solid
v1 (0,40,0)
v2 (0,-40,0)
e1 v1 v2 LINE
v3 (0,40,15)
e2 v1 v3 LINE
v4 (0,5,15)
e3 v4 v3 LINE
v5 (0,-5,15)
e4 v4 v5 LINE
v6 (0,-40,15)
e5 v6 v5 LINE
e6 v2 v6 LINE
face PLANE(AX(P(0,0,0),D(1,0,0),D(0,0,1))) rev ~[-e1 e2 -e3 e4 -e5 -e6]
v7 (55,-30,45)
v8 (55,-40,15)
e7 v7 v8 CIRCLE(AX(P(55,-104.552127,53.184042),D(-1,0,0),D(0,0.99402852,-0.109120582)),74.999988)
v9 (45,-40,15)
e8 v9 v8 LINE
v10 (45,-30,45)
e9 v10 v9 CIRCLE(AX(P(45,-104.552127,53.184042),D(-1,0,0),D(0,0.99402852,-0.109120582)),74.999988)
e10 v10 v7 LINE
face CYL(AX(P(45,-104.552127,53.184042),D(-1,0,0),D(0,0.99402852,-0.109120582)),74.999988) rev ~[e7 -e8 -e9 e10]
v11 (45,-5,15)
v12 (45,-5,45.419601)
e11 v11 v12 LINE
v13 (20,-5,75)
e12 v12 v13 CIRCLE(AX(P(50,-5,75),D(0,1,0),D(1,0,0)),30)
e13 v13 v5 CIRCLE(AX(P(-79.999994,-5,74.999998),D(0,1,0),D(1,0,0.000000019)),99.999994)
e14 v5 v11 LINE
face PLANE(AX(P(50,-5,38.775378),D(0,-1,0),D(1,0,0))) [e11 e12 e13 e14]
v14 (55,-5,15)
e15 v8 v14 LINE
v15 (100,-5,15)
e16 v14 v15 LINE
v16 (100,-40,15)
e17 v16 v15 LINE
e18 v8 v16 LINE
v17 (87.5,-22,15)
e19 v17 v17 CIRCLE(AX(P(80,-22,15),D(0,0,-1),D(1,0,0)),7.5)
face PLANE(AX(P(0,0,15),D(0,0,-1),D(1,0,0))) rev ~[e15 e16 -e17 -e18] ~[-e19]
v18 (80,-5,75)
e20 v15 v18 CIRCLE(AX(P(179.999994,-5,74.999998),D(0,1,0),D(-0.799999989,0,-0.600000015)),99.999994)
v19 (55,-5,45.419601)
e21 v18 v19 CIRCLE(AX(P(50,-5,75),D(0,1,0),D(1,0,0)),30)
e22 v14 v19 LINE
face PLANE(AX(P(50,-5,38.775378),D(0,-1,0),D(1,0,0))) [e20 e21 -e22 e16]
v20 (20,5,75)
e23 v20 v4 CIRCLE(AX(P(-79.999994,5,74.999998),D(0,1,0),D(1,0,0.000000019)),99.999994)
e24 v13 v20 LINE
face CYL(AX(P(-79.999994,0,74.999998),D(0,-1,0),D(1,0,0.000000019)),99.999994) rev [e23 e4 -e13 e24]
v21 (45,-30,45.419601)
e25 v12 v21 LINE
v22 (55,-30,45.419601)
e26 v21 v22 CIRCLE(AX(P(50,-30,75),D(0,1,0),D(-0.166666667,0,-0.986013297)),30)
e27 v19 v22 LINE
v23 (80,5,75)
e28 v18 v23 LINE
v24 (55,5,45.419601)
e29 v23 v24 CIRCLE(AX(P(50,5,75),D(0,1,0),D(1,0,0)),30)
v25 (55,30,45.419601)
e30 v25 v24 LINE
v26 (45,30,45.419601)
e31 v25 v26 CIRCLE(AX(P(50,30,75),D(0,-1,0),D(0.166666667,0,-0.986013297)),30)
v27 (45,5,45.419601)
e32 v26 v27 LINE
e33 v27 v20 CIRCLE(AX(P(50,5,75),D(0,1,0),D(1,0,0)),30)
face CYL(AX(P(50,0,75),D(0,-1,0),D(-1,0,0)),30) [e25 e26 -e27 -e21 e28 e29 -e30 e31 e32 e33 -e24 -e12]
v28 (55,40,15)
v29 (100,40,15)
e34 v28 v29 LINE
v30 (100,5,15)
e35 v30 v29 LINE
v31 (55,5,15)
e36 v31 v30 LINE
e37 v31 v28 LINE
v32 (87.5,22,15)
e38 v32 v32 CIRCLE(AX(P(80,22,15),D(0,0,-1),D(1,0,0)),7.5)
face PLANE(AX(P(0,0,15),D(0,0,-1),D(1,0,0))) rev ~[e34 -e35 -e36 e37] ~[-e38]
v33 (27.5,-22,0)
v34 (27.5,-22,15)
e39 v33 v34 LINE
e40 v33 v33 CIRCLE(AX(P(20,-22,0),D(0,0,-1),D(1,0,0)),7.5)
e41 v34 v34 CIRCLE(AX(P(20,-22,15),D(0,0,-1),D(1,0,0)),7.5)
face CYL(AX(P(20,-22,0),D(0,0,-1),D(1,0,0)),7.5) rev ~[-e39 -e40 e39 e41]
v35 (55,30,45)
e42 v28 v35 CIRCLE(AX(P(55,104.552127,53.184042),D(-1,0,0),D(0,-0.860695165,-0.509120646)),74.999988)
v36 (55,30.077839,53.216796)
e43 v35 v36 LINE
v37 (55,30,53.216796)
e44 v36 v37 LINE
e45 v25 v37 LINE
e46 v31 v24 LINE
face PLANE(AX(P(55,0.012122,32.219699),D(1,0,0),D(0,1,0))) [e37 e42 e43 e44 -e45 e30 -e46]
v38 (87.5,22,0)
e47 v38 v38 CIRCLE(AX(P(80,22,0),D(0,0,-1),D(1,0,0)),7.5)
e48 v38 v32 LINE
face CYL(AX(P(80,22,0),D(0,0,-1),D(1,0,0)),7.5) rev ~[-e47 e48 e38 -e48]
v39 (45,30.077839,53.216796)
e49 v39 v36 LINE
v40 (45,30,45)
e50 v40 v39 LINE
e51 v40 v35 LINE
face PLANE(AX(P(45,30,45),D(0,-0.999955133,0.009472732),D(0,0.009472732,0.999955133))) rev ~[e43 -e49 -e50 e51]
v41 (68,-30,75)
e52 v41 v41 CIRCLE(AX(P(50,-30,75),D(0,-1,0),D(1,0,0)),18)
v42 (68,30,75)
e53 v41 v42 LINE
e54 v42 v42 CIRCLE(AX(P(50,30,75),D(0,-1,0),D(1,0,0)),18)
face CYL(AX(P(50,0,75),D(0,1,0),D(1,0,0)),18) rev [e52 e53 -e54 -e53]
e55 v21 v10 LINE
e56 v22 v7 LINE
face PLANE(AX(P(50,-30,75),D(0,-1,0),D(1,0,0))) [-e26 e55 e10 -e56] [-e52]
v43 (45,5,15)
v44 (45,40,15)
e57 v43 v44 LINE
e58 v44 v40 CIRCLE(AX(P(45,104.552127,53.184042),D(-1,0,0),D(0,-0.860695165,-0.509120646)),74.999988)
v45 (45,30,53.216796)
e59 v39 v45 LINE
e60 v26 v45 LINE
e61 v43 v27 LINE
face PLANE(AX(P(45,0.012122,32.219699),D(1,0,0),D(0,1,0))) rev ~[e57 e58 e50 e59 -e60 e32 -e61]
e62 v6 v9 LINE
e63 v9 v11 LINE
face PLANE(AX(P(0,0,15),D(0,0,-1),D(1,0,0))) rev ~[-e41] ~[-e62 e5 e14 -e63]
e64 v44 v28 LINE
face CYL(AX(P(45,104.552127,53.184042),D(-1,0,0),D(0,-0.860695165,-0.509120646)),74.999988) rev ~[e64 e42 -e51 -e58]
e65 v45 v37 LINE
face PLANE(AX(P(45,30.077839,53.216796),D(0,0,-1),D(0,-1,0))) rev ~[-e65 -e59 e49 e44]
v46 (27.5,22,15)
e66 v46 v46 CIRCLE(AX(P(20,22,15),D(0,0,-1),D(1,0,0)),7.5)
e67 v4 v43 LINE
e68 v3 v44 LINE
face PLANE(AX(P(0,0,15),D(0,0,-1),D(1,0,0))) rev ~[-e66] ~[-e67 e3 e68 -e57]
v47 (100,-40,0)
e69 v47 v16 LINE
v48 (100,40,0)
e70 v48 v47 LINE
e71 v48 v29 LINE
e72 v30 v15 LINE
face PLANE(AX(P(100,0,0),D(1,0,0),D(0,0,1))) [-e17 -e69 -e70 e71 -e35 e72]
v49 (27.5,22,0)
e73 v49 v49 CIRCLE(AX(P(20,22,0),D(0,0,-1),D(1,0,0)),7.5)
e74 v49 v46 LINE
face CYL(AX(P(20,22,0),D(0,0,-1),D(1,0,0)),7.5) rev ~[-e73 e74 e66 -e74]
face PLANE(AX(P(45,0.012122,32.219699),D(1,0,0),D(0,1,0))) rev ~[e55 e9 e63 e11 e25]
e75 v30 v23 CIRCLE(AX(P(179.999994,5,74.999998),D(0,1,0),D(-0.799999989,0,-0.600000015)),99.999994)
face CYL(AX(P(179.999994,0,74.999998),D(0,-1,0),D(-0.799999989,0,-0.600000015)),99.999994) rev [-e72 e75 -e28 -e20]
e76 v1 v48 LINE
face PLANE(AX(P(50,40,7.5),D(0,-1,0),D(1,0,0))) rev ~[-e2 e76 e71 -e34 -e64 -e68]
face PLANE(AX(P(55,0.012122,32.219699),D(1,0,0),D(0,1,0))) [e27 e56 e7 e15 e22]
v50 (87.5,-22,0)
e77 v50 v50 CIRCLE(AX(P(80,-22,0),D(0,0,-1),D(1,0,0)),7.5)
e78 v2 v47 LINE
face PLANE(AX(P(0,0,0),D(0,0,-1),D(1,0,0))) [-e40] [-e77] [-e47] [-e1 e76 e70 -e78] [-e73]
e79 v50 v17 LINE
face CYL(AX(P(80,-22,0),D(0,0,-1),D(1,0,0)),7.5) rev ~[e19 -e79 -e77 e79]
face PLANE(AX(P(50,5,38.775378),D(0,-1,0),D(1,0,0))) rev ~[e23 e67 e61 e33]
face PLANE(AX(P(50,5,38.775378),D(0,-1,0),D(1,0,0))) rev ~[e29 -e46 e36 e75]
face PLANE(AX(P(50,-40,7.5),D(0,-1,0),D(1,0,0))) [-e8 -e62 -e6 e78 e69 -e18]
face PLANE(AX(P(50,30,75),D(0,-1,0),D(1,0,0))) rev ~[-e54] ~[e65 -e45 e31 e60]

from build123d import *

# Parameters (mm, degrees)
F0_W     = 100
F0_H     = 15
F1_DEPTH = 40
F0_R     = 18
F2_DEPTH = 30
F3_DEPTH = 5
F6_DEPTH = 10
F7_R     = 7.5
F8_DEPTH = 15


with BuildPart() as f1:
    # F0 (on Front) → F1 (new body, symmetric)
    with BuildSketch(Plane.XZ):
        with Locations((50, 7.5)):
            Rectangle(F0_W, F0_H)
    extrude(amount=F1_DEPTH, both=True)



with BuildPart() as f2:
    # F0 (on Front) → F2 (new body, symmetric)
    with BuildSketch(Plane.XZ):
        with BuildLine():
            ThreePointArc((80, 75), (50, 105), (20, 75))
            ThreePointArc((20, 75), (50, 45), (80, 75))
        make_face()
        with Locations((50, 75)):
            Circle(F0_R, mode=Mode.SUBTRACT)
    extrude(amount=F2_DEPTH, both=True)


with BuildPart() as f1_1:
    add(f1.part)

    add(f2.part)  # F3 merges F2
    # F0 (on Front) → F3 (join, symmetric)
    with BuildSketch(Plane.XZ):
        with BuildLine():
            ThreePointArc((20, 75), (14.86833, 43.377223), (0, 15))
            Line((0, 15), (100, 15))
            ThreePointArc((100, 15), (85.13167, 43.377223), (80, 75))
            ThreePointArc((80, 75), (50, 45), (20, 75))
        make_face()
    extrude(amount=F3_DEPTH, both=True)

    # F5 (on offset) → F6 (join)
    with BuildSketch(Plane.YZ.offset(45)):
        with BuildLine():
            ThreePointArc((40, 15), (33.400891, 29.466964), (30, 45))
            Line((30, 45), (30.077839, 53.216796))
            Line((30.077839, 53.216796), (-30, 53.216796))
            Line((-30, 53.216796), (-30, 45))
            ThreePointArc((-30, 45), (-33.400891, 29.466964), (-40, 15))
            Line((-40, 15), (-5, 15))
            Line((-5, 15), (5, 15))
            Line((5, 15), (40, 15))
        make_face()
    extrude(amount=F6_DEPTH)

    # F7 (on face) → F8 (cut, through all)
    with BuildSketch(Plane(origin=(0, 0, 0), x_dir=(1, 0, 0), z_dir=(0, 0, -1))):
        with Locations((80, -22)):
            Circle(F7_R)
        with Locations((20, -22)):
            Circle(F7_R)
        with Locations((80, 22)):
            Circle(F7_R)
        with Locations((20, 22)):
            Circle(F7_R)
    extrude(amount=-F8_DEPTH, mode=Mode.SUBTRACT)


solid = f1_1.part
